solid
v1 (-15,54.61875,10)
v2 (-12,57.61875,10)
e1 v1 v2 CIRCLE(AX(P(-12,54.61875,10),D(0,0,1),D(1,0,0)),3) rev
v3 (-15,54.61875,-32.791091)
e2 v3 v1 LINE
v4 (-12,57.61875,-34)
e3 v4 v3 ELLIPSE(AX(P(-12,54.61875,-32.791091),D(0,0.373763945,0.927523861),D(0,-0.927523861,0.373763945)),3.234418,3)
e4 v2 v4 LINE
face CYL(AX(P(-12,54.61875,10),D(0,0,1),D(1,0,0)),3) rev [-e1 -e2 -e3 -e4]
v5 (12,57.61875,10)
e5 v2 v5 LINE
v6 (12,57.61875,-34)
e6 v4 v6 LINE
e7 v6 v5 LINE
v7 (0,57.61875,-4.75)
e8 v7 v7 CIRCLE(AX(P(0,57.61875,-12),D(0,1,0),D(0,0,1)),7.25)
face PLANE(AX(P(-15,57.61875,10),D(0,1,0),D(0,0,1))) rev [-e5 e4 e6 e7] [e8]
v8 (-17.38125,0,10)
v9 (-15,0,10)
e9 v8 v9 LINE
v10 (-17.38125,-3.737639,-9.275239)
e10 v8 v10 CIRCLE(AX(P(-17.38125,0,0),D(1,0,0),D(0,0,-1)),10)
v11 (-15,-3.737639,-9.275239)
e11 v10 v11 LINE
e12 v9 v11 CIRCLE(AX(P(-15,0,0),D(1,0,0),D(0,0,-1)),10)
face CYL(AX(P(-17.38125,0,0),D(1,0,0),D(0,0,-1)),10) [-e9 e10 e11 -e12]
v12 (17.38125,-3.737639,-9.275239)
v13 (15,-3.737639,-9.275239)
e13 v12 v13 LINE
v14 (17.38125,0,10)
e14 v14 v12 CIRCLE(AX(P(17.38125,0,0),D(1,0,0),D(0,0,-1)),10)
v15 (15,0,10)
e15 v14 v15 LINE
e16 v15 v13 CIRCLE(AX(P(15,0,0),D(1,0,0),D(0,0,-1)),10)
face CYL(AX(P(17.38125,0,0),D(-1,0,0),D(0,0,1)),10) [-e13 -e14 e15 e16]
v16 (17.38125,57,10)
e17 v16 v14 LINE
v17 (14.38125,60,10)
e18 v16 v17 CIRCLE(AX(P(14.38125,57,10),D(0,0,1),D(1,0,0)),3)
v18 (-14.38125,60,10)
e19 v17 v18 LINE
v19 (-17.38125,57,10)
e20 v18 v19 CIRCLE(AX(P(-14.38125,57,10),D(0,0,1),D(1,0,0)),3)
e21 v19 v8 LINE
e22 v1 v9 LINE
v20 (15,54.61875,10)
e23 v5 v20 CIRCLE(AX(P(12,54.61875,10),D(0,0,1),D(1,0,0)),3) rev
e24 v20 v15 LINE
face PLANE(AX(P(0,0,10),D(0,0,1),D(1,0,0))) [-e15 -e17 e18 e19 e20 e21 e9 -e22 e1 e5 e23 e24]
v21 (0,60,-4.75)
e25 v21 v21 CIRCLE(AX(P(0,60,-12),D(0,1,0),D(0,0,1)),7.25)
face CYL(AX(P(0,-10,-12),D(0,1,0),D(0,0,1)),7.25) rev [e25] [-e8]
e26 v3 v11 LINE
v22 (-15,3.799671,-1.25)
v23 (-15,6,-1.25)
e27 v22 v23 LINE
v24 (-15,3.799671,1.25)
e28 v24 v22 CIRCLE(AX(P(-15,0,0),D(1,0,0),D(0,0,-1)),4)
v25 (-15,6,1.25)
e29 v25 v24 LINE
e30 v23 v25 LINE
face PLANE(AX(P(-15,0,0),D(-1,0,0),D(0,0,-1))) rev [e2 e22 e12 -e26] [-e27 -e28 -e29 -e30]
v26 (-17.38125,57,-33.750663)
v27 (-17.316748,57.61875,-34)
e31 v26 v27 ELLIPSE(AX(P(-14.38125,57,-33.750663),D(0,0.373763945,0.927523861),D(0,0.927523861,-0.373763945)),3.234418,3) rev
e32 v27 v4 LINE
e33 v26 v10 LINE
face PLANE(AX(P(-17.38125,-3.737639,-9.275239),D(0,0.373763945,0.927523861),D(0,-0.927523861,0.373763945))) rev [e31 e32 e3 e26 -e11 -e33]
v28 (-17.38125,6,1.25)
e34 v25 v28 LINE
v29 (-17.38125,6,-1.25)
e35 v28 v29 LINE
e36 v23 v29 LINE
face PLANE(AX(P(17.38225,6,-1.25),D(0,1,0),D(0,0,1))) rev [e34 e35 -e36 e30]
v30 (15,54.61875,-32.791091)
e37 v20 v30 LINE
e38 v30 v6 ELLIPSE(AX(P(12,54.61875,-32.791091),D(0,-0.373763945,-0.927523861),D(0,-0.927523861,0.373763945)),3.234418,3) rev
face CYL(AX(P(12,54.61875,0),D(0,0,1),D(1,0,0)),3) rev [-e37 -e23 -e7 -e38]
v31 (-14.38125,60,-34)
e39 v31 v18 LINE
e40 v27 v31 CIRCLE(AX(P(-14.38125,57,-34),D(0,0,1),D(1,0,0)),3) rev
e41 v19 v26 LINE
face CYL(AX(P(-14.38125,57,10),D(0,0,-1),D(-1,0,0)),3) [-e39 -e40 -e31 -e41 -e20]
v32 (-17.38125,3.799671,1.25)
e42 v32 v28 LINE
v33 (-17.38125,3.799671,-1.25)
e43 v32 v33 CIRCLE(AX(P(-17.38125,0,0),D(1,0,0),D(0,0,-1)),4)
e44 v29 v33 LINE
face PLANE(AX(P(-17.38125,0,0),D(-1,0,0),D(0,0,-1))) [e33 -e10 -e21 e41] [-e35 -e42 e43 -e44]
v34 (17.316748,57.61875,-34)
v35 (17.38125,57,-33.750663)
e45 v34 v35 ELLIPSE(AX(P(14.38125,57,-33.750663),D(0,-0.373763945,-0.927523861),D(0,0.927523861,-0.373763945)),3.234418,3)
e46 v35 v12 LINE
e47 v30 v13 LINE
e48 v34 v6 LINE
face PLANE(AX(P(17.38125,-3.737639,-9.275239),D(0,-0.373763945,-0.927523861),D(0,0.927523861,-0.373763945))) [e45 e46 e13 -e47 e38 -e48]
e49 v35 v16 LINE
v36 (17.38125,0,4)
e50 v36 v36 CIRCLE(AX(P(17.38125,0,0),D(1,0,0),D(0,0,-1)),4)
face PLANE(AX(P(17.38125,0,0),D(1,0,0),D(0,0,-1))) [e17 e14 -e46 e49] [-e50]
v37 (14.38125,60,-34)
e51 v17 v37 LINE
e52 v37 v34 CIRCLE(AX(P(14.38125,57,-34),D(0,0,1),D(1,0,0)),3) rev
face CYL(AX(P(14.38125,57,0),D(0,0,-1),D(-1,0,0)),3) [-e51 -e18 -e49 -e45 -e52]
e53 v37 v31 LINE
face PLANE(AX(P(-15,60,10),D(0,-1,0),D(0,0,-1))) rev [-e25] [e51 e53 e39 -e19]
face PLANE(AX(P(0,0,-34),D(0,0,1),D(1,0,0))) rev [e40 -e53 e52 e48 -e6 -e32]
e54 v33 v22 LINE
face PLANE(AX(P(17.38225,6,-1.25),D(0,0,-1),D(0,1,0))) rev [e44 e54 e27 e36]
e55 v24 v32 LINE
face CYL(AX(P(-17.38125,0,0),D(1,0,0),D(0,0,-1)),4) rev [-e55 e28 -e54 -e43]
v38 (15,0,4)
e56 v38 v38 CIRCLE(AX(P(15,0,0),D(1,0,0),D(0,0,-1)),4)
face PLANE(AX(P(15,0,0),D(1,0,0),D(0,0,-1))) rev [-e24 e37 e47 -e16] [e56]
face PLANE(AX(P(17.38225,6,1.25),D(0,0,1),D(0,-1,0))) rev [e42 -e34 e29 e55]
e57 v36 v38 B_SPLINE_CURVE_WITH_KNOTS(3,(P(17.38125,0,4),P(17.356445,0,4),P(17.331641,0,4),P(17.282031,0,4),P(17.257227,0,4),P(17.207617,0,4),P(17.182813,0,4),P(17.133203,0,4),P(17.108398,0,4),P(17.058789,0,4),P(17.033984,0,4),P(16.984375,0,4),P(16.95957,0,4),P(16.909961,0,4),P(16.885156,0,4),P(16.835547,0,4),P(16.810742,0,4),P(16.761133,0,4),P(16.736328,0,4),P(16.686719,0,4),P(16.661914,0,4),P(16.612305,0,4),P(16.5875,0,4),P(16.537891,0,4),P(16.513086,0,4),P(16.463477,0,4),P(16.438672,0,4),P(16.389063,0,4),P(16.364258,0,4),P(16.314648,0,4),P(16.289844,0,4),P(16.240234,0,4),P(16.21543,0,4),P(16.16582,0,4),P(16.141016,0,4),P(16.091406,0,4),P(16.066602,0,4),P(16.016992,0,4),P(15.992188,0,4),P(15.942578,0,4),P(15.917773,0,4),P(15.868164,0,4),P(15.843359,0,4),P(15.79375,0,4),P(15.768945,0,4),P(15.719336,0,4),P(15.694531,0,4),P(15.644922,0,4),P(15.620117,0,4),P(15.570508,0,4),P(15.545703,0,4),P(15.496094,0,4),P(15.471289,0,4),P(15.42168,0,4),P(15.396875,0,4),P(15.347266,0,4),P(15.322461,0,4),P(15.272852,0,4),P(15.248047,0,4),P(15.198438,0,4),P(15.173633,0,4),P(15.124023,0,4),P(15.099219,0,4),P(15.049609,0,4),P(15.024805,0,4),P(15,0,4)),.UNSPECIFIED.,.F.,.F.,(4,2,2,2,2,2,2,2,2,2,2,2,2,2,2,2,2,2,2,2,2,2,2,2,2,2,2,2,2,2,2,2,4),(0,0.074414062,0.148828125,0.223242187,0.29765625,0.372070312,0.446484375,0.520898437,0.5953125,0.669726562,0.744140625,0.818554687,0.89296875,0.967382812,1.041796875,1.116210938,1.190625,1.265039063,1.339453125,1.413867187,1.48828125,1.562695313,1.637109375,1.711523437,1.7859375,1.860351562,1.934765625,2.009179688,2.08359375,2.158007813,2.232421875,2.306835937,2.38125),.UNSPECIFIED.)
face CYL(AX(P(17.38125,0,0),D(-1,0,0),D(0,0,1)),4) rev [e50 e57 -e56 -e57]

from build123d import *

# Parameters (mm, degrees)
TOP_DEPTH      = 10
TOP_DEPTH_BACK = 34
SKETCH1_W      = 30
SKETCH1_H      = 2.38125
SKETCH2_R      = 10
SKETCH2_R_2    = 4
SKETCH2_W      = 44
SKETCH2_H      = 2.38125
SIDE_DEPTH     = 2.38125
TOP_FILLETS_R  = 3
SKETCH3_R      = 7.25
TOP_HOLE_DEPTH = 80.737744209
KEYWAY_REACH   = 79.23
SKETCH4_W      = 2.5
SKETCH4_H      = 6


with BuildPart() as part:
    # Sketch1 → Top (new, two sides: drawn at the far end of the back side and taken through both)
    with BuildSketch(Plane.XY.offset(-TOP_DEPTH_BACK)):
        with Locations((0, 58.809375)):
            Rectangle(SKETCH1_W, SKETCH1_H)
    extrude(amount=TOP_DEPTH + TOP_DEPTH_BACK)

    # Sketch2 → Side (add)
    # profile 1 of 3: a face of its own
    with BuildSketch(Plane(origin=(15, 0, 0), x_dir=(0, 0, -1), z_dir=(1, 0, 0))):
        with BuildLine():
            Line((34, 57.61875), (-10, 57.61875))
            Line((-10, 57.61875), (-10, 0))
            ThreePointArc((-10, 0), (0, 10), (10, 0))
            ThreePointArc((10, 0), (9.817137723, -1.903629934), (9.275238615, -3.737639447))
            Line((9.275238615, -3.737639447), (34, 57.61875))
        make_face()
    # profile 2 of 3: a face of its own
    with BuildSketch(Plane(origin=(15, 0, 0), x_dir=(0, 0, -1), z_dir=(1, 0, 0))):
        Circle(SKETCH2_R)
        with Locations(Location((0, 0, 0), (0, 0, 180))):
            Circle(SKETCH2_R_2, mode=Mode.SUBTRACT)
    # profile 3 of 3: a face of its own
    with BuildSketch(Plane(origin=(15, 0, 0), x_dir=(0, 0, -1), z_dir=(1, 0, 0))):
        with Locations((12, 58.809375)):
            Rectangle(SKETCH2_W, SKETCH2_H)
    side = extrude(amount=SIDE_DEPTH)

    # Side Mirror: Side across plane
    add(side.mirror(Plane(origin=(0, 0, 0), x_dir=(0, 0, 1), z_dir=(1, 0, 0))))

    # Top Fillets
    top_fillets_edges = [part.edges().sort_by_distance(p)[0] for p in [
        (17.38125, 60, -12),
        (-17.38125, 60, -12),
        (15, 57.61875, -12),
        (-15, 57.61875, -12),
    ]]
    fillet(top_fillets_edges, radius=TOP_FILLETS_R)

    # Sketch3 → Top Hole (cut, through all)
    with BuildSketch(Plane(origin=(0, 60, 0), x_dir=(1, 0, 0), z_dir=(0, 1, 0))):
        with Locations(Location((0, 12, 0), (0, 0, 270))):
            Circle(SKETCH3_R)
    extrude(amount=-TOP_HOLE_DEPTH, mode=Mode.SUBTRACT)

    # Sketch4 → Keyway (cut, up to next)
    with BuildSketch(Plane.ZY.offset(17.38125), mode=Mode.PRIVATE) as keyway_sk1:
        with Locations((0, 3)):
            Rectangle(SKETCH4_W, SKETCH4_H)
    keyway_tool1 = extrude(keyway_sk1.sketch, amount=-KEYWAY_REACH, mode=Mode.PRIVATE) & part.part
    add(keyway_tool1.solids().sort_by_distance((-17.38125, 3, 0))[0], mode=Mode.SUBTRACT)


solid = part.part
